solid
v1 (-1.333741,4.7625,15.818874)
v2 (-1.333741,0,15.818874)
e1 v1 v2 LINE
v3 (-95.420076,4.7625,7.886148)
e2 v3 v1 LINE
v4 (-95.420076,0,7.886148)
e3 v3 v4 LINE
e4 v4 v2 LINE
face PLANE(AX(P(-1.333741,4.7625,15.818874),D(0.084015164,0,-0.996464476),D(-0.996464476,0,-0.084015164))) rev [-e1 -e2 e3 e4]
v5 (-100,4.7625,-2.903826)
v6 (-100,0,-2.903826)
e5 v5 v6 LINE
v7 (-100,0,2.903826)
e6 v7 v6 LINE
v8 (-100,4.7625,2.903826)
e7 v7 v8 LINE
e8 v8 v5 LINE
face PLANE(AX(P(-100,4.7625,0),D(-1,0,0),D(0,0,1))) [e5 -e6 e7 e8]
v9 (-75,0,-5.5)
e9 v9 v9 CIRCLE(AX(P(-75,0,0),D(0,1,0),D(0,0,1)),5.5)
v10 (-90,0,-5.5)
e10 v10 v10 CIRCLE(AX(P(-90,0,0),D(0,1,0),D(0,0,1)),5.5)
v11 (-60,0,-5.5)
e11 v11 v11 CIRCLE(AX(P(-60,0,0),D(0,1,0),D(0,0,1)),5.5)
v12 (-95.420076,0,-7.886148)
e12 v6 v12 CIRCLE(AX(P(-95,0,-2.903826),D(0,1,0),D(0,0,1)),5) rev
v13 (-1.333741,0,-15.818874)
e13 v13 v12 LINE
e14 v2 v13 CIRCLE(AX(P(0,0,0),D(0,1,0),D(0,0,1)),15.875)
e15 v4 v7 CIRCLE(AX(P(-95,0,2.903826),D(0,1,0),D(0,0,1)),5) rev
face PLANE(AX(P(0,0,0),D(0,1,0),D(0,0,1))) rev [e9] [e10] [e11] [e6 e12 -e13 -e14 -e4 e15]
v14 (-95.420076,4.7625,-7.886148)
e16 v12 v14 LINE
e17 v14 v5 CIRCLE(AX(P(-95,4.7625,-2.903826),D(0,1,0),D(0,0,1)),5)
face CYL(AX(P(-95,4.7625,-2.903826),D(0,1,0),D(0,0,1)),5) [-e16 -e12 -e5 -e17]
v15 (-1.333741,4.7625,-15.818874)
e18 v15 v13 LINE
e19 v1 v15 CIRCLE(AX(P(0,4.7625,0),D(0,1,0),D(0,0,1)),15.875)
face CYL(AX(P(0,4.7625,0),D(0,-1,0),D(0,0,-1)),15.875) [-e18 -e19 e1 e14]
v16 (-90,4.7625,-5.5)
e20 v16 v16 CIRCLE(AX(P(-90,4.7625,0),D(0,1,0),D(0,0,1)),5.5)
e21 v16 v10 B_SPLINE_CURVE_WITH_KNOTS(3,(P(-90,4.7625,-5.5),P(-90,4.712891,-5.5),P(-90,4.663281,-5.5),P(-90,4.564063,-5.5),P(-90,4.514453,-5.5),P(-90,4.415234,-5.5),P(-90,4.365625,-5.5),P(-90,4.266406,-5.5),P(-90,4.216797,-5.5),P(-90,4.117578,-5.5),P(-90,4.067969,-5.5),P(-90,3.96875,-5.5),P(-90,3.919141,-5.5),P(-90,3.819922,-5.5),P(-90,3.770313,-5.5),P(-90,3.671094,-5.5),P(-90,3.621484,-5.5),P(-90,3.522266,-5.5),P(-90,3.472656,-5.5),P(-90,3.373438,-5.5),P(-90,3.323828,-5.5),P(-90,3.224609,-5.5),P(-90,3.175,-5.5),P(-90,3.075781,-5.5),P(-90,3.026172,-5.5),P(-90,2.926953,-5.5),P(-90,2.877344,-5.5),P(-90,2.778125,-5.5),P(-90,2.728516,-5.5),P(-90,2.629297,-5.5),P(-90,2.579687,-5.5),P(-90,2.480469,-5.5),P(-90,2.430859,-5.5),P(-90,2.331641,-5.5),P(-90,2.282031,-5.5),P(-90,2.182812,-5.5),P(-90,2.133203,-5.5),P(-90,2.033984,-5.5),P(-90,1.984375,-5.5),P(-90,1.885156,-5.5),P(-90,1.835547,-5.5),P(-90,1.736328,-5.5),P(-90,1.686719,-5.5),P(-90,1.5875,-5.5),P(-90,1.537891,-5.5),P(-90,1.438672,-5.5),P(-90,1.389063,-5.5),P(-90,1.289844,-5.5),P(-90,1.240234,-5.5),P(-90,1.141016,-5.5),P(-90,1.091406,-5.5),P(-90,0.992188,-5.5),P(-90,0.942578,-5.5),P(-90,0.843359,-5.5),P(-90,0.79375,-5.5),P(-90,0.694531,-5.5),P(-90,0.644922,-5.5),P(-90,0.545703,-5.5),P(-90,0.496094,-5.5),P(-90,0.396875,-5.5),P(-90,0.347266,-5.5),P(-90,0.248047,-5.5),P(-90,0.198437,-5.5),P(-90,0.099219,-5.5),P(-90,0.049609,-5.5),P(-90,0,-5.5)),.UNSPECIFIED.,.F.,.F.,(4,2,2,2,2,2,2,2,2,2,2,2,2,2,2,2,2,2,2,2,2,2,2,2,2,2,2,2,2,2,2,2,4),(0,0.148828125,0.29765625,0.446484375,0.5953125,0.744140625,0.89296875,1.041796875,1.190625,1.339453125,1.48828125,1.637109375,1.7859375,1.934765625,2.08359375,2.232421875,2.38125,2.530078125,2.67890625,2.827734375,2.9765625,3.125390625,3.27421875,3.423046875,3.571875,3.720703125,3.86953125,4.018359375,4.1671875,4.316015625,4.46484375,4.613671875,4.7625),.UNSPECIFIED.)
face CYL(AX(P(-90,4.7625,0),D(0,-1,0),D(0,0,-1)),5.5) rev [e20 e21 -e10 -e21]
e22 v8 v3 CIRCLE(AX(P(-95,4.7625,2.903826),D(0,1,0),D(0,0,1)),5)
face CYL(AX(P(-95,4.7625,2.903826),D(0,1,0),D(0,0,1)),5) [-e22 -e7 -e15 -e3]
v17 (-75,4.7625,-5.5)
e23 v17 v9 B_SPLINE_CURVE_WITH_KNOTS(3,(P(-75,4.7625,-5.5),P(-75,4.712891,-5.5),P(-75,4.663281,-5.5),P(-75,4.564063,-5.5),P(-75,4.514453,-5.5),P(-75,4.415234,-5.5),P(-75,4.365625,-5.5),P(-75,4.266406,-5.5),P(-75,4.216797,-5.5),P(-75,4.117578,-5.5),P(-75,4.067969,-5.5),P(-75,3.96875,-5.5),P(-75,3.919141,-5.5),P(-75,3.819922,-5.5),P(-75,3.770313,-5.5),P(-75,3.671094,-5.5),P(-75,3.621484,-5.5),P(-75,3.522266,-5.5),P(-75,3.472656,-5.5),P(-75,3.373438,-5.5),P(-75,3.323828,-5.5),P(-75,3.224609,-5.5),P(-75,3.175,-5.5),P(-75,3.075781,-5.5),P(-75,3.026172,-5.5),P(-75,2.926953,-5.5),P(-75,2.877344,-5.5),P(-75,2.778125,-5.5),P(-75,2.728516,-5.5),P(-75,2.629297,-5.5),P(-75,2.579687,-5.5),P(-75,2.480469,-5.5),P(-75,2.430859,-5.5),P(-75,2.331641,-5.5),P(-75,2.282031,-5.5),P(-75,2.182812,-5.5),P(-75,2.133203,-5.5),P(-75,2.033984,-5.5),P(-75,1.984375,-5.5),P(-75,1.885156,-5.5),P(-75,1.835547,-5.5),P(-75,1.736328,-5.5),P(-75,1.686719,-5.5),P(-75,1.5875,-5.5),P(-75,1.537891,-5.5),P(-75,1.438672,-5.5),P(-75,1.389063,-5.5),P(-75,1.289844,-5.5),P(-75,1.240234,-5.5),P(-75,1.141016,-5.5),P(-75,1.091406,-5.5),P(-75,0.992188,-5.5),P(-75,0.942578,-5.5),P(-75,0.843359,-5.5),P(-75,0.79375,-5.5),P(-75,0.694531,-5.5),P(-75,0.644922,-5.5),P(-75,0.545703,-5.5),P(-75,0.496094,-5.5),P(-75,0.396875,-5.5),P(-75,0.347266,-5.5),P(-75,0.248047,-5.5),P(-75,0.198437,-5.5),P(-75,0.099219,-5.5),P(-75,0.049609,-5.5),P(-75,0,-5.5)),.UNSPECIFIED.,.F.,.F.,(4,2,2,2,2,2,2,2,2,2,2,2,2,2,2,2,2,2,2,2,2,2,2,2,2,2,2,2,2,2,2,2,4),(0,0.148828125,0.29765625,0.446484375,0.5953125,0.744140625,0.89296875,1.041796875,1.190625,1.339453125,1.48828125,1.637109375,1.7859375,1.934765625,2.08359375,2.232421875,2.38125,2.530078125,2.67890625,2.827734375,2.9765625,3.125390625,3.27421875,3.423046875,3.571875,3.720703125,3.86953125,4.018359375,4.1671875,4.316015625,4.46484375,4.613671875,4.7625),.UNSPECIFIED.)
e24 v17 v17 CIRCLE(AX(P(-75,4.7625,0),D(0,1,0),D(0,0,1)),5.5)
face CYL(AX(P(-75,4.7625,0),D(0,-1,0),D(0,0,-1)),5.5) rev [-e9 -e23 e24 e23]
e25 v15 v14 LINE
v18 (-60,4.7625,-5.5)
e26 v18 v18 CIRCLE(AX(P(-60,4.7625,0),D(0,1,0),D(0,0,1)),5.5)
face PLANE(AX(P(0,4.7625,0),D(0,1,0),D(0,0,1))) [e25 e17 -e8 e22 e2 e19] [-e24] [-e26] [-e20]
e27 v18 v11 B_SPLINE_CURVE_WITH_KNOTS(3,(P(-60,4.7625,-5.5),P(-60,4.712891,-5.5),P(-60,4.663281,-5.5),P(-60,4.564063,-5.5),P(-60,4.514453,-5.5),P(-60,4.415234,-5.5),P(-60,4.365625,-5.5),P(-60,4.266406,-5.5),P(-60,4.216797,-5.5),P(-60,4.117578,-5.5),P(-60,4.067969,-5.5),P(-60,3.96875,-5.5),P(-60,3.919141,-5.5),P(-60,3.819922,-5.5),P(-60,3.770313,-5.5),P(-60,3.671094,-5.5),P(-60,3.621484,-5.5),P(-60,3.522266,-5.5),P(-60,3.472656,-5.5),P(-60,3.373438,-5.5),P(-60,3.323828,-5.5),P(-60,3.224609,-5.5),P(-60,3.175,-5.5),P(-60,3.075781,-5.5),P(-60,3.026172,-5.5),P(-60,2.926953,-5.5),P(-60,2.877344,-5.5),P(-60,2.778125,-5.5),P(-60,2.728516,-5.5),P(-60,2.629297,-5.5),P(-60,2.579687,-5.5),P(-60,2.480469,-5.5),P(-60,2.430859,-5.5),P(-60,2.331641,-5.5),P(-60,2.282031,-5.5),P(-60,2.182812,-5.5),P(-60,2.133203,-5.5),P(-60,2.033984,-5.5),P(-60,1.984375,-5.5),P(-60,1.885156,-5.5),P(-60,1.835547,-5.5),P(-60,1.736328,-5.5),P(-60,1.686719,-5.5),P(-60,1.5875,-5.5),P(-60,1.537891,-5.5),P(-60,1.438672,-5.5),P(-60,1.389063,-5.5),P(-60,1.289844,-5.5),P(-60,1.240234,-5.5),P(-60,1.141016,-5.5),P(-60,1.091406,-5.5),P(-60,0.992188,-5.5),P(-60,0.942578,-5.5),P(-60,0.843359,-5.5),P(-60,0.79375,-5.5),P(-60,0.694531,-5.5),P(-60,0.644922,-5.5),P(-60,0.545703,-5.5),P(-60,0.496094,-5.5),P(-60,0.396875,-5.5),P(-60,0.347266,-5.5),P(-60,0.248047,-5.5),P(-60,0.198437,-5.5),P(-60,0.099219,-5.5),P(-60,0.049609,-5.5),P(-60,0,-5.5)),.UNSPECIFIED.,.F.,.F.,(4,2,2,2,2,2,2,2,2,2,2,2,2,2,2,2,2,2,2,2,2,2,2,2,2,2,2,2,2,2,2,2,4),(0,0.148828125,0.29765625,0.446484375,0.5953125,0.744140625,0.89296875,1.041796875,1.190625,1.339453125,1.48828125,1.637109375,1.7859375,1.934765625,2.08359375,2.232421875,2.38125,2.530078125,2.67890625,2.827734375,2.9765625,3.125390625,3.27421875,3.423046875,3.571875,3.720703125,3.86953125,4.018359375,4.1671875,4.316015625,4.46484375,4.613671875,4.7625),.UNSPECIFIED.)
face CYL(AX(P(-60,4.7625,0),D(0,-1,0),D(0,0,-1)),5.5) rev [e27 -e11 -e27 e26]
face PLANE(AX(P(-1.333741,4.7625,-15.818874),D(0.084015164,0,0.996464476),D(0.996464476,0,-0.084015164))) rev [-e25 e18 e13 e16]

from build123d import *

# Parameters (mm, degrees)
SKETCH2_R           = 5.5
SKETCH2_R_2         = 15.875
BOSS_EXTRUDE1_DEPTH = 4.7625
FILLET1_R           = 5


with BuildPart() as part:
    # Sketch2 → Boss-Extrude1 (new body)
    # profile 1 of 2: a face of its own
    with BuildSketch(Plane(origin=(0, 0, 0), x_dir=(1, 0, 0), z_dir=(0, 1, 0))):
        with BuildLine():
            ThreePointArc((-1.333740348, -15.818873591), (-15.875, -1.13e-07), (-1.333740574, 15.818873572))
            Line((-1.333740574, 15.818873572), (-100, 7.5))
            Line((-100, 7.5), (-100, -7.5))
            Line((-100, -7.5), (-1.333740348, -15.818873591))
        make_face()
        with Locations(Location((-90, 0, 0), (0, 0, 90))):
            Circle(SKETCH2_R, mode=Mode.SUBTRACT)
        with Locations(Location((-75, 0, 0), (0, 0, 90))):
            Circle(SKETCH2_R, mode=Mode.SUBTRACT)
        with Locations(Location((-60, 0, 0), (0, 0, 90))):
            Circle(SKETCH2_R, mode=Mode.SUBTRACT)
    # profile 2 of 2: a face of its own
    with BuildSketch(Plane(origin=(0, 0, 0), x_dir=(1, 0, 0), z_dir=(0, 1, 0))):
        Circle(SKETCH2_R_2)
    extrude(amount=BOSS_EXTRUDE1_DEPTH)

    # Fillet1
    fillet1_edges = [part.edges().sort_by_distance(p)[0] for p in [
        (-100, 2.38125, 7.5),
        (-100, 2.38125, -7.5),
    ]]
    fillet(fillet1_edges, radius=FILLET1_R)


solid = part.part
